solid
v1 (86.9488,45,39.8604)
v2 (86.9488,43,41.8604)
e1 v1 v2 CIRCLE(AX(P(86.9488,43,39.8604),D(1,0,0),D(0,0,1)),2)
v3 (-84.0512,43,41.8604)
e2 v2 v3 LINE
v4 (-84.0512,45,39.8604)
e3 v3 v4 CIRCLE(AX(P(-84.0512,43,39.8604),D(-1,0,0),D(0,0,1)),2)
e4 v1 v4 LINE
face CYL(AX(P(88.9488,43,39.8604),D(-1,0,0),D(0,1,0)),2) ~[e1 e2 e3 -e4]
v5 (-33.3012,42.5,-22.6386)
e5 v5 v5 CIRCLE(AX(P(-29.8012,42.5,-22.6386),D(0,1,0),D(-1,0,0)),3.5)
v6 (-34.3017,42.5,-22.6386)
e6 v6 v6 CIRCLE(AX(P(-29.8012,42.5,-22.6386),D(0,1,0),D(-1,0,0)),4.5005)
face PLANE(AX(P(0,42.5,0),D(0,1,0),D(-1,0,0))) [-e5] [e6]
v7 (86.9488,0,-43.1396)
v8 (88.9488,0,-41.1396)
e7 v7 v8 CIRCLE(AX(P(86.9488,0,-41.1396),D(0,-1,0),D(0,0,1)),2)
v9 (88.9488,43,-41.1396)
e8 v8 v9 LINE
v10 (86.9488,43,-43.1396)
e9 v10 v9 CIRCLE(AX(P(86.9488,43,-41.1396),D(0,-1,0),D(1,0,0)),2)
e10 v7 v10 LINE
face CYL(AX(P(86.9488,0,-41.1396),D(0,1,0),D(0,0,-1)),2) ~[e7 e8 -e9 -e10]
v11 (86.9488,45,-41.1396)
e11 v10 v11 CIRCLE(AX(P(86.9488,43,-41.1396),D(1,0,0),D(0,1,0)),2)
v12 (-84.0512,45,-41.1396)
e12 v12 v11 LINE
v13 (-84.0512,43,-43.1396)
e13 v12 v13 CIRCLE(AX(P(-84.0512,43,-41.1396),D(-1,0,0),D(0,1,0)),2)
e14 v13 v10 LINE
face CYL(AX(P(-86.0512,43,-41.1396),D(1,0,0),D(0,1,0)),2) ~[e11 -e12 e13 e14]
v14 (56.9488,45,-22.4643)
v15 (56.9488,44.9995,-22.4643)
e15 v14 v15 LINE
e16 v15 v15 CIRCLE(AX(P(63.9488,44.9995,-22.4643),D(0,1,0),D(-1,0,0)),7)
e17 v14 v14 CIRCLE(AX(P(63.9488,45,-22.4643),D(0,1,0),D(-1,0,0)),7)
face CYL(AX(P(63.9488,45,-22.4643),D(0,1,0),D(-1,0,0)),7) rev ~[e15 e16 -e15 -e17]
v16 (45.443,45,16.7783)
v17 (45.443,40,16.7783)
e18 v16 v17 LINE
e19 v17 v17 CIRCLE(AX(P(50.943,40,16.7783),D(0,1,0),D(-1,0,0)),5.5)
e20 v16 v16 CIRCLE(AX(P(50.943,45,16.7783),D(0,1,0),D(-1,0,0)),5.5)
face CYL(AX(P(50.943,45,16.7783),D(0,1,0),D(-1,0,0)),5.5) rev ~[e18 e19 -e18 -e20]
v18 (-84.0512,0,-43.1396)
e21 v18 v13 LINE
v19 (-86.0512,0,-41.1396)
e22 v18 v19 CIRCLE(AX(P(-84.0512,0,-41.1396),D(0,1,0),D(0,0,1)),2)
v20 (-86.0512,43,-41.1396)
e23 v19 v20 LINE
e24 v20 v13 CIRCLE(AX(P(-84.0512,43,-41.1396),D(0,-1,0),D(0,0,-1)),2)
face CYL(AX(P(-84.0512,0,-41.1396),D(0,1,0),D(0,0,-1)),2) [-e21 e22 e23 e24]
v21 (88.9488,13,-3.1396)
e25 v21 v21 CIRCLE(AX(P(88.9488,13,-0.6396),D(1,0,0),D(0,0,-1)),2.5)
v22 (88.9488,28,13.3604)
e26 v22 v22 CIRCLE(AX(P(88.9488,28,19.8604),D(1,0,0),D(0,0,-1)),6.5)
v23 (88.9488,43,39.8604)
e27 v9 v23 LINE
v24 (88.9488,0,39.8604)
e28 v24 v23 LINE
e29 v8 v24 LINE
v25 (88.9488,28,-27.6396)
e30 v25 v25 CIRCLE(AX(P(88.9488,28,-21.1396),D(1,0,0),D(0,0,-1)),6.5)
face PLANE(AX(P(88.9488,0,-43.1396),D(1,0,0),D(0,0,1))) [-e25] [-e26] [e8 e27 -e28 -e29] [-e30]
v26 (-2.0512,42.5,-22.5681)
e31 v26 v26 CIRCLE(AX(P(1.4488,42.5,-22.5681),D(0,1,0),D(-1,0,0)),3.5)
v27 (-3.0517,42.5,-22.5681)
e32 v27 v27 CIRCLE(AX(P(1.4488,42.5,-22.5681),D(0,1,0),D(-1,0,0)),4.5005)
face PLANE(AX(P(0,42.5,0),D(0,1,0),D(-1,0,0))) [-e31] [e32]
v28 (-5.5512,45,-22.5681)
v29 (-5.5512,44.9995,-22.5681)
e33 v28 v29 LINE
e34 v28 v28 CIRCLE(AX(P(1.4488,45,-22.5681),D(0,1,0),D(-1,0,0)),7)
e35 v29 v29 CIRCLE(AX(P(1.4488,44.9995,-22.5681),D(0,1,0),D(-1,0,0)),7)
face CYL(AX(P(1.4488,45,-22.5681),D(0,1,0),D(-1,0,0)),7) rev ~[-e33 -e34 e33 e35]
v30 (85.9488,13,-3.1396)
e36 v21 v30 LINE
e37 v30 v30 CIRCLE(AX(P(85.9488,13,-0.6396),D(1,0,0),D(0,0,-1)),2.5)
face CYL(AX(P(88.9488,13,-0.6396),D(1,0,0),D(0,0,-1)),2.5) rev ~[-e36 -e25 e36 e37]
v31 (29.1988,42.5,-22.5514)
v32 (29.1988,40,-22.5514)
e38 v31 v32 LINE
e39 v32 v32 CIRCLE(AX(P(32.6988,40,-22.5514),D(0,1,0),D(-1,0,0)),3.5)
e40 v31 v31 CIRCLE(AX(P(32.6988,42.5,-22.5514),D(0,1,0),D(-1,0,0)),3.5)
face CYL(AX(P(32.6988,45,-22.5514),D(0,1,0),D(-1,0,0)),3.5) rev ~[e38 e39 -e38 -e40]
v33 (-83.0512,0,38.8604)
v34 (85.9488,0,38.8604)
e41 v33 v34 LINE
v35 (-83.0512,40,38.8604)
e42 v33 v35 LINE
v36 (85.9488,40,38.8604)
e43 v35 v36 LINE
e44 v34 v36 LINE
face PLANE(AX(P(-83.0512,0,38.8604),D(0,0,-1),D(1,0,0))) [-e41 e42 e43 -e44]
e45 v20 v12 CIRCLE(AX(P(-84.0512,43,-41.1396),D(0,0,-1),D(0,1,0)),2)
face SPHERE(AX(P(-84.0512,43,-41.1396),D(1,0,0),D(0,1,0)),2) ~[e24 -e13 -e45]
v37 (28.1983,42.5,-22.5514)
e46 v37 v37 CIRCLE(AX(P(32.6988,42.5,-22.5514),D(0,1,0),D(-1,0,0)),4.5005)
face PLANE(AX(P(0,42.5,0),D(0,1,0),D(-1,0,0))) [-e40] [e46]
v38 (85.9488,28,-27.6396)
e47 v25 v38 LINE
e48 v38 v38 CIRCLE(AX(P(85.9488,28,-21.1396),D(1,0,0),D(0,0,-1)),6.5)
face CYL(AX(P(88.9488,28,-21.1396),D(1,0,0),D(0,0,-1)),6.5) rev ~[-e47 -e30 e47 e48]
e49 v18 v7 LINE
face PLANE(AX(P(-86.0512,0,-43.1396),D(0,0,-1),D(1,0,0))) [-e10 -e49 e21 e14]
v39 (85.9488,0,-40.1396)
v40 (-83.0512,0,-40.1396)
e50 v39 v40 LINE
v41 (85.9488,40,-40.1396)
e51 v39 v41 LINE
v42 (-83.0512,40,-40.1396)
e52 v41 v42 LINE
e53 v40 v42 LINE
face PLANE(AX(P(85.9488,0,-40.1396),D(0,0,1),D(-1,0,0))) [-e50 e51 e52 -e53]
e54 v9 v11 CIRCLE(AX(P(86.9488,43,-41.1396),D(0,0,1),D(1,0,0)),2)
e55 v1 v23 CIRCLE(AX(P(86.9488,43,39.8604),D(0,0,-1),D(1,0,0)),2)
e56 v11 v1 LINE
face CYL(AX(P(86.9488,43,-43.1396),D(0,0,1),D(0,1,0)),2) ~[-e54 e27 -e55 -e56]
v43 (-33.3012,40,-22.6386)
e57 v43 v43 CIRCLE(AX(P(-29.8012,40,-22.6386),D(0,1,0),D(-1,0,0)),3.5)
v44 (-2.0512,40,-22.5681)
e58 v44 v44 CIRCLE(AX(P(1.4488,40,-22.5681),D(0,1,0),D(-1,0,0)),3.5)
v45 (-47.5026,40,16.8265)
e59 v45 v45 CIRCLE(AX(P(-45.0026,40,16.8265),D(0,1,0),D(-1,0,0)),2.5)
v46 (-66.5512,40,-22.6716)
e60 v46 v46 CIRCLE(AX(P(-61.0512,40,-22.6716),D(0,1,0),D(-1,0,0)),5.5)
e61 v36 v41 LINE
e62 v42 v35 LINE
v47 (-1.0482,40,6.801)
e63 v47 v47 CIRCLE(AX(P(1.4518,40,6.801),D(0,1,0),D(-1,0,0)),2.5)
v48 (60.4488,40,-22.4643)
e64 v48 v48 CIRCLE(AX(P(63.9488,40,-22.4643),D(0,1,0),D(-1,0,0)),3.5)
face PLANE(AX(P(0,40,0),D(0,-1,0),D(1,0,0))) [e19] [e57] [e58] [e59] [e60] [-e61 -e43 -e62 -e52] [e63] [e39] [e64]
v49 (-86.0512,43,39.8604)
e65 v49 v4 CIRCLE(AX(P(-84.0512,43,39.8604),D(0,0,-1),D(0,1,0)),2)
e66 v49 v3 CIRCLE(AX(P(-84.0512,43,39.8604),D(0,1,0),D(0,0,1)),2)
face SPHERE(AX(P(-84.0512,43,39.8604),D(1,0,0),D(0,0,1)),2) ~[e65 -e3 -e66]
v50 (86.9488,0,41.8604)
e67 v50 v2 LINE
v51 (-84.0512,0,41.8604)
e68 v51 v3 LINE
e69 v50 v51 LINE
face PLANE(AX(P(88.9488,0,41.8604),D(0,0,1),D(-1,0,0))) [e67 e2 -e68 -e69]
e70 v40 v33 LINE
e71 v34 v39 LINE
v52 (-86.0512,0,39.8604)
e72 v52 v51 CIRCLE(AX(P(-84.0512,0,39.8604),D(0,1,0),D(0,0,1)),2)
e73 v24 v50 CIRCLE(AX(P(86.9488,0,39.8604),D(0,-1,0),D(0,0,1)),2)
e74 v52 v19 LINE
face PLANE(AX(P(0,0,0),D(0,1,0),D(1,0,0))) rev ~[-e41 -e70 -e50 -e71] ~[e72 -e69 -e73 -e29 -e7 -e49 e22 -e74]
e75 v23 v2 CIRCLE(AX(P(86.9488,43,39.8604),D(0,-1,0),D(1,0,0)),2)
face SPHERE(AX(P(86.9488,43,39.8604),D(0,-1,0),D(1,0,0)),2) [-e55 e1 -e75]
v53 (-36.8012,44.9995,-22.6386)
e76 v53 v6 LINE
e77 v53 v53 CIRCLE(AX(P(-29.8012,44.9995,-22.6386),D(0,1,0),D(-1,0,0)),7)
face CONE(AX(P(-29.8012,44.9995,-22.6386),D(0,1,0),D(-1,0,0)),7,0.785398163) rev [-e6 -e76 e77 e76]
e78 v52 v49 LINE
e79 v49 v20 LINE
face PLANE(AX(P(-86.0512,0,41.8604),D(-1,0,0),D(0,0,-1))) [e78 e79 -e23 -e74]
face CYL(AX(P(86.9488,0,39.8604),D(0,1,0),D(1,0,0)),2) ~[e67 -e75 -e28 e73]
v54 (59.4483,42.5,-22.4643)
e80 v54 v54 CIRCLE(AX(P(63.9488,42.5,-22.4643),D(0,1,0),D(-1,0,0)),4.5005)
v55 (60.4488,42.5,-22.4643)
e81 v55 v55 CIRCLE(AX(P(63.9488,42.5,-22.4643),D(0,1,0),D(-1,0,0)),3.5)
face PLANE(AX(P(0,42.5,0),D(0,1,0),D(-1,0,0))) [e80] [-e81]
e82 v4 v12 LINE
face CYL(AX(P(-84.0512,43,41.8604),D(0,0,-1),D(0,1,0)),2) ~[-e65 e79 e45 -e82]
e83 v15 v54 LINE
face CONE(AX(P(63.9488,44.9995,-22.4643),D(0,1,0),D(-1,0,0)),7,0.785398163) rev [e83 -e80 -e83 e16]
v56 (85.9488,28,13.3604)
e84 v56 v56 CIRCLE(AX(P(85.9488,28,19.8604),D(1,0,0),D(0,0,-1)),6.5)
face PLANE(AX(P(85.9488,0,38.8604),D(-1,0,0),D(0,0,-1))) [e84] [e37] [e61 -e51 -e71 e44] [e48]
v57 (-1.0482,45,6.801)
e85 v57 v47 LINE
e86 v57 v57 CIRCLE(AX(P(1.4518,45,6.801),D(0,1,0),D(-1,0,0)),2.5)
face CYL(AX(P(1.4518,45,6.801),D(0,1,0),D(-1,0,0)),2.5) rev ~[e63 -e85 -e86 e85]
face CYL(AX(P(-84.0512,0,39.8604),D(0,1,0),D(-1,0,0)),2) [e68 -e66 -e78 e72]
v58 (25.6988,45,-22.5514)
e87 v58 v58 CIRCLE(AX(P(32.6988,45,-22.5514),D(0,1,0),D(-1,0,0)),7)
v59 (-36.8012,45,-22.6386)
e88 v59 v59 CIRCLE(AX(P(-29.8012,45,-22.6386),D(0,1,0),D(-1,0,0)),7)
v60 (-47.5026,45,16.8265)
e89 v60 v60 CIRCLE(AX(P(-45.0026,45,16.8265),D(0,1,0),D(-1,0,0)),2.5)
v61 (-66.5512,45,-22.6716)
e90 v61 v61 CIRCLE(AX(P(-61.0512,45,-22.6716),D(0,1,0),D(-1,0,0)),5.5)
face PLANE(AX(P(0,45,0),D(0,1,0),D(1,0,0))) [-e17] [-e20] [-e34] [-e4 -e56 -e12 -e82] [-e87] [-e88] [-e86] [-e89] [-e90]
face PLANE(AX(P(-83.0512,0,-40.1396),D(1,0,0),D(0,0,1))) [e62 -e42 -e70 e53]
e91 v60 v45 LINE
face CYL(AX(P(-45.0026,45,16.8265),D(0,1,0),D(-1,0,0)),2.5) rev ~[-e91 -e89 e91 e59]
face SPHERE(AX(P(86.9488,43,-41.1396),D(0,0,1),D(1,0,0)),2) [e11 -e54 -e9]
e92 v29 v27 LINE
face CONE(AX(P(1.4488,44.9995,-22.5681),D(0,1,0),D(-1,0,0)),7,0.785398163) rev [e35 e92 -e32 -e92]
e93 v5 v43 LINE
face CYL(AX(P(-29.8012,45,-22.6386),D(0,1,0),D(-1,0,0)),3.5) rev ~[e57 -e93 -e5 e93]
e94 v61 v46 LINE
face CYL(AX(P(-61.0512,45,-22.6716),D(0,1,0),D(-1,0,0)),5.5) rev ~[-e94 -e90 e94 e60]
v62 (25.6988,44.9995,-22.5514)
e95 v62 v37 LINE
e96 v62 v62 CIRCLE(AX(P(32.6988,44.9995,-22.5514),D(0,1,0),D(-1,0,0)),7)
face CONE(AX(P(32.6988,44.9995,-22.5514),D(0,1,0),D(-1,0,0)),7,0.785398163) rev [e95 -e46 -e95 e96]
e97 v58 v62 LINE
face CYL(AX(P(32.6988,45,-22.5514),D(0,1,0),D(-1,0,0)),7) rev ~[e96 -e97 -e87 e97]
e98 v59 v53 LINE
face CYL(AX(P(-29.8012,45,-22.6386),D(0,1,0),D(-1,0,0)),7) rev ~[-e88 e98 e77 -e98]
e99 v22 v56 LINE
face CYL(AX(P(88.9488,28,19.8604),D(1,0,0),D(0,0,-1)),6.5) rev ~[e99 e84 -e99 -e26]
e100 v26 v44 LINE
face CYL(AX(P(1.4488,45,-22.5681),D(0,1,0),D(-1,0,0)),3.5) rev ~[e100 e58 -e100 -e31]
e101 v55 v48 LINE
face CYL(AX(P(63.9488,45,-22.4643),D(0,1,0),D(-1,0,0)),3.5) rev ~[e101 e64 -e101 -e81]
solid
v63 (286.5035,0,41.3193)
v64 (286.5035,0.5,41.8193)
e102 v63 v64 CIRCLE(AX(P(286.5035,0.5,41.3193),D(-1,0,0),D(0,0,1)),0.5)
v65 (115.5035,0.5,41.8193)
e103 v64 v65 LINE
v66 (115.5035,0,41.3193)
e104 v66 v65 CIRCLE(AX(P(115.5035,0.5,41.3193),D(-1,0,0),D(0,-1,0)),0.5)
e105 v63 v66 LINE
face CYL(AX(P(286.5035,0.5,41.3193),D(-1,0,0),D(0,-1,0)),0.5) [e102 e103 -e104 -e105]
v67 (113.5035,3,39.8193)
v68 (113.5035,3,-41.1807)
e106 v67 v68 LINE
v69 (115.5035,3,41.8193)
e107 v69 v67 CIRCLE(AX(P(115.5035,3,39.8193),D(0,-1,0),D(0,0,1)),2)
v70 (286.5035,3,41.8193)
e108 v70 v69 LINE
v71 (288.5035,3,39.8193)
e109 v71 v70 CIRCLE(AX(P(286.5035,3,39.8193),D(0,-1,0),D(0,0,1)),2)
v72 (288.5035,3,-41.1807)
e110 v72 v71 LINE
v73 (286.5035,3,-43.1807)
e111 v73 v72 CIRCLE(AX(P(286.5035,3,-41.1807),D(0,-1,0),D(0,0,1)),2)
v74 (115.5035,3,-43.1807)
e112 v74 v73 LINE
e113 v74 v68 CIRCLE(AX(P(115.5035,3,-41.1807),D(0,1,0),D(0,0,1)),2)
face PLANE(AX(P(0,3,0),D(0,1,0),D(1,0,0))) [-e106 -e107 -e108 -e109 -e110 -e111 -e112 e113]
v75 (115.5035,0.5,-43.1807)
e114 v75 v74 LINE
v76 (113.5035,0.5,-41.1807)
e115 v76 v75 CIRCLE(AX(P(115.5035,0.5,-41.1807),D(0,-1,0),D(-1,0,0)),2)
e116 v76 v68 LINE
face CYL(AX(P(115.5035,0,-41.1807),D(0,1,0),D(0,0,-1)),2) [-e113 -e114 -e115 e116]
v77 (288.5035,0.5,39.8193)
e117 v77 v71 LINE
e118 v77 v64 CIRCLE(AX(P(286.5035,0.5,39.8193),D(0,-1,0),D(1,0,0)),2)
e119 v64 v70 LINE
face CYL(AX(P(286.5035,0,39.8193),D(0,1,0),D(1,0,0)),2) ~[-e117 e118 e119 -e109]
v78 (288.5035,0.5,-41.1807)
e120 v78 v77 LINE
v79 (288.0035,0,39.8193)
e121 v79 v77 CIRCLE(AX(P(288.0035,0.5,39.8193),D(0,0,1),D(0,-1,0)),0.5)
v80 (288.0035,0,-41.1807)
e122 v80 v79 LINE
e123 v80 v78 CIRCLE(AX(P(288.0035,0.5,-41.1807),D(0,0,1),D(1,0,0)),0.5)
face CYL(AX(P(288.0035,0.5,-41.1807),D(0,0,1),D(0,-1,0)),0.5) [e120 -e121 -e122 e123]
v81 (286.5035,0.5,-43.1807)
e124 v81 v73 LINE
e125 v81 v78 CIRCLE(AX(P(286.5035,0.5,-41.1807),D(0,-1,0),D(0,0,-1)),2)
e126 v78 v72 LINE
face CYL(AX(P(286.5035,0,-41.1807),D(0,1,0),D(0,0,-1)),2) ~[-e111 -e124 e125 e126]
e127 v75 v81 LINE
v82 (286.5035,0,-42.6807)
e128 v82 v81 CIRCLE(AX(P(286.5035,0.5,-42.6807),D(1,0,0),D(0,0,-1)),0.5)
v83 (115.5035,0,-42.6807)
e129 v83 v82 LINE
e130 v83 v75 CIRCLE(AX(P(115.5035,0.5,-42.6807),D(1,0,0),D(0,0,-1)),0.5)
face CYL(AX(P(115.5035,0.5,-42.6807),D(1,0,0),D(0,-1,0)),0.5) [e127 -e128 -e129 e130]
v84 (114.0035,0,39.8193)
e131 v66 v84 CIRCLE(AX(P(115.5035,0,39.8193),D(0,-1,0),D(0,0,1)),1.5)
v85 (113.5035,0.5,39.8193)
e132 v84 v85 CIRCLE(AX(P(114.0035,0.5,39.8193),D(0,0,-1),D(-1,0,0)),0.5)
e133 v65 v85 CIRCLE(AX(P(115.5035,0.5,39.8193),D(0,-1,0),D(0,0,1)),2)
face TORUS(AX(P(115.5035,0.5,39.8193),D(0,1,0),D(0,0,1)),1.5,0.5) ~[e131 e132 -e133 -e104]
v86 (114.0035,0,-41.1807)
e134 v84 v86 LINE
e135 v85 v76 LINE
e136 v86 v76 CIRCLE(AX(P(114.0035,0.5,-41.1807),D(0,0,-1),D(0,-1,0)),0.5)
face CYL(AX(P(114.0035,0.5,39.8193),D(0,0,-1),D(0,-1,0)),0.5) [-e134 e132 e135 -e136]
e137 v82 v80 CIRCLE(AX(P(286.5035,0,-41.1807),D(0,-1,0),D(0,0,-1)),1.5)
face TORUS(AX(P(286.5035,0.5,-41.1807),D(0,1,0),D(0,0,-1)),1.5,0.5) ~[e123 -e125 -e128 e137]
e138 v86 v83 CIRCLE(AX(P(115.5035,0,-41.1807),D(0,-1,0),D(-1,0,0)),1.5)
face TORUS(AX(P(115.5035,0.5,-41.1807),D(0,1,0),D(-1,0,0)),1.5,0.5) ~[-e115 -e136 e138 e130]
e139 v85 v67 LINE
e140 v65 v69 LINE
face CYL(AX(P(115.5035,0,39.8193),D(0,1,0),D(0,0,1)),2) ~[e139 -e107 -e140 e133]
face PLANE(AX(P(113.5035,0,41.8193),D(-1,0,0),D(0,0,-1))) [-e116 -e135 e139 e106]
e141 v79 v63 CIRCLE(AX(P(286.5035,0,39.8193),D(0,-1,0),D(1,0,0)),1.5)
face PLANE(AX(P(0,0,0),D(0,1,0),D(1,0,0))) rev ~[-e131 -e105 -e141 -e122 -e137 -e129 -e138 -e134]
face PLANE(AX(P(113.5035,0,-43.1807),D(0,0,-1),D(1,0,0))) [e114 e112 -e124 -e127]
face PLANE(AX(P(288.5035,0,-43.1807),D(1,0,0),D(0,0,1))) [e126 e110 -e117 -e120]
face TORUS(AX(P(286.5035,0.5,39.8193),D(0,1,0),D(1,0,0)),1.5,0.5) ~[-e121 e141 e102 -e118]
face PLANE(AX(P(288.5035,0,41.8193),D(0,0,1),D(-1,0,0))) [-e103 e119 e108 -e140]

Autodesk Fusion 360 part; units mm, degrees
sketch "Sketch3" plane through (0, 0, 0) normal (0, 1, 0) x (1, 0, 0)
  line L0 (-86.0512, 43.1396) -> (88.9488, 43.1396)
  line L1 (88.9488, 43.1396) -> (88.9488, -41.8604)
  line L2 (88.9488, -41.8604) -> (-86.0512, -41.8604)
  line L3 (-86.0512, -41.8604) -> (-86.0512, 43.1396)
  dimension "d7" = 175
  dimension "d8" = 85
extrude "Extrude2" add sketch "Sketch3" along normal blind 45 makes body 1
sketch "Sketch4" plane through (0, 0, 0) normal (0, -1, 0) x (1, 0, 0)
  line L0 (88.9488, 41.8604) -> (-86.0512, 41.8604)
  line L1 (-86.0512, 41.8604) -> (-86.0512, -43.1396)
  line L2 (-86.0512, -43.1396) -> (88.9488, -43.1396)
  line L3 (88.9488, -43.1396) -> (88.9488, 41.8604)
  line L4 (-83.0512, 38.8604) -> (85.9488, 38.8604)
  line L5 (85.9488, 38.8604) -> (85.9488, -40.1396)
  line L6 (85.9488, -40.1396) -> (-83.0512, -40.1396)
  line L7 (-83.0512, -40.1396) -> (-83.0512, 38.8604)
  dimension "d11" = 169
  dimension "d12" = 79
  dimension "d13" = 3
  dimension "d14" = 3
extrude "Extrude3" cut sketch "Sketch4" against normal blind 40 contours L4 L5 L6 L7 bodies 1
sketch "Sketch5" plane through (0, 45, 0) normal (0, 1, 0) x (-1, 0, 0)
  line L0 (86.0512, 41.8604) -> (-88.9488, 41.8604)
  line L1 (-88.9488, 41.8604) -> (-88.9488, -43.1396)
  line L2 (-88.9488, -43.1396) -> (86.0512, -43.1396)
  line L3 (86.0512, -43.1396) -> (86.0512, 41.8604)
  circle A0 centre (61.0512, -22.6716) radius 5.5
  circle A1 centre (29.8012, -22.6386) radius 3.5
  circle A2 centre (-1.4488, -22.5681) radius 3.5
  circle A3 centre (-32.6988, -22.5514) radius 3.5
  circle A4 centre (-63.9488, -22.4643) radius 3.5
  circle A5 centre (29.8012, -22.6386) radius 7
  circle A6 centre (-1.4488, -22.5681) radius 7
  circle A7 centre (-32.6988, -22.5514) radius 7
  circle A8 centre (-63.9488, -22.4643) radius 7
  dimension "d17" = 11
  dimension "d19" = 7
  dimension "d20" = 7
  dimension "d21" = 7
  dimension "d22" = 7
  dimension "d23" = 25
  dimension "d24" = 25
  dimension "d25" = 31.25
  dimension "d26" = 31.25
  dimension "d27" = 31.25
  dimension "d30" = 14
  dimension "d31" = 14
  dimension "d32" = 14
  dimension "d33" = 14
extrude "Extrude4" cut sketch "Sketch5" against normal blind 5 contours A0 | A1 | A2 | A3 | A4 bodies 1
extrude "Extrude5" cut sketch "Sketch5" against normal blind 2.5 contours A5 | A6 | A7 | A8 bodies 1
chamfer "Chamfer1" distance 2.5 angle 45 1 edges at (-23.2749, 42.5, -20.1072) on bodies 1
chamfer "Chamfer2" distance 2.5 angle 45 1 edges at (7.9751, 42.5, -20.0368) on bodies 1
chamfer "Chamfer3" distance 2.5 angle 45 1 edges at (39.2251, 42.5, -20.0201) on bodies 1
chamfer "Chamfer4" distance 2.5 angle 45 1 edges at (70.4751, 42.5, -19.933) on bodies 1
sketch "Sketch6" plane through (0, 45, 0) normal (0, 1, 0) x (-1, 0, 0)
  circle A0 centre (-1.4488, -22.5681) radius 7
  circle A1 centre (-32.6988, -22.5514) radius 7
  circle A2 centre (29.8012, -22.6386) radius 7
  circle A3 centre (-63.9488, -22.4643) radius 7
  circle A4 centre (61.0512, -22.6716) radius 5.5
  line L0 (86.0512, 41.8604) -> (-88.9488, 41.8604)
  line L1 (-88.9488, 41.8604) -> (-88.9488, -43.1396)
  line L2 (-88.9488, -43.1396) -> (86.0512, -43.1396)
  line L3 (86.0512, -43.1396) -> (86.0512, 41.8604)
  circle A5 centre (-1.4518, 6.801) radius 2.5
  dimension "d41" = 5
extrude "Extrude6" cut sketch "Sketch6" against normal blind 5 contours A5 bodies 1
sketch "Sketch7" plane through (0, 45, 0) normal (0, 1, 0) x (-1, 0, 0)
  circle A0 centre (-1.4518, 6.801) radius 2.5
  circle A1 centre (-1.4488, -22.5681) radius 7
  circle A2 centre (-32.6988, -22.5514) radius 7
  circle A3 centre (29.8012, -22.6386) radius 7
  circle A4 centre (-63.9488, -22.4643) radius 7
  circle A5 centre (61.0512, -22.6716) radius 5.5
  line L0 (86.0512, 41.8604) -> (-88.9488, 41.8604)
  line L1 (-88.9488, 41.8604) -> (-88.9488, -43.1396)
  line L2 (-88.9488, -43.1396) -> (86.0512, -43.1396)
  line L3 (86.0512, -43.1396) -> (86.0512, 41.8604)
  circle A6 centre (45.0026, 16.8265) radius 2.5
  dimension "d44" = 5
extrude "Extrude7" cut sketch "Sketch7" against normal blind 5 contours A6 bodies 1
sketch "Sketch8" plane through (0, 45, 0) normal (0, 1, 0) x (-1, 0, 0)
  circle A0 centre (45.0026, 16.8265) radius 2.5
  circle A1 centre (-1.4518, 6.801) radius 2.5
  circle A2 centre (-1.4488, -22.5681) radius 7
  circle A3 centre (-32.6988, -22.5514) radius 7
  circle A4 centre (29.8012, -22.6386) radius 7
  circle A5 centre (-63.9488, -22.4643) radius 7
  circle A6 centre (61.0512, -22.6716) radius 5.5
  line L0 (86.0512, 41.8604) -> (-88.9488, 41.8604)
  line L1 (-88.9488, 41.8604) -> (-88.9488, -43.1396)
  line L2 (-88.9488, -43.1396) -> (86.0512, -43.1396)
  line L3 (86.0512, -43.1396) -> (86.0512, 41.8604)
  circle A7 centre (-50.943, 16.7783) radius 5.5
  dimension "d47" = 11
extrude "Extrude8" cut sketch "Sketch8" against normal blind 5 contours A7 bodies 1
sketch "Sketch9" plane through (88.9488, 0, 0) normal (1, 0, 0) x (0, 0, -1)
  line L0 (-41.8604, 0) -> (43.1396, 0)
  line L1 (43.1396, 0) -> (43.1396, 45)
  line L2 (43.1396, 45) -> (-41.8604, 45)
  line L3 (-41.8604, 45) -> (-41.8604, 0)
  circle A0 centre (0.6396, 13) radius 2.5
  dimension "d50" = 5
  dimension "d51" = 42.5
  dimension "d52" = 13
extrude "Extrude9" cut sketch "Sketch9" against normal blind 3 contours A0 bodies 1
sketch "Sketch10" plane through (88.9488, 0, 0) normal (1, 0, 0) x (0, 0, -1)
  circle A0 centre (0.6396, 13) radius 2.5
  line L0 (-41.8604, 0) -> (43.1396, 0)
  line L1 (43.1396, 0) -> (43.1396, 45)
  line L2 (43.1396, 45) -> (-41.8604, 45)
  line L3 (-41.8604, 45) -> (-41.8604, 0)
  circle A1 centre (-19.8604, 28) radius 6.5
  circle A2 centre (21.1396, 28) radius 6.5
  dimension "d55" = 13
  dimension "d56" = 28
  dimension "d57" = 22
  dimension "d58" = 13
  dimension "d59" = 22
  dimension "d60" = 28
extrude "Extrude10" cut sketch "Sketch10" against normal blind 3 contours A1 | A2 bodies 1
fillet "Fillet1" radius 2 8 edges at (88.9488, 22.5, 41.8604) (88.9488, 45, -0.6396) (1.4488, 45, 41.8604) (88.9488, 22.5, -43.1396) (1.4488, 45, -43.1396) (-86.0512, 22.5, 41.8604) (-86.0512, 45, -0.6396) (-86.0512, 22.5, -43.1396) on bodies 1
sketch "Sketch11" plane through (0, 0, 0) normal (0, 1, 0) x (1, 0, 0)
  line L0 (113.5035, 43.1807) -> (288.5035, 43.1807)
  line L1 (288.5035, 43.1807) -> (288.5035, -41.8193)
  line L2 (288.5035, -41.8193) -> (113.5035, -41.8193)
  line L3 (113.5035, -41.8193) -> (113.5035, 43.1807)
  dimension "d65" = 175
  dimension "d66" = 85
extrude "Extrude11" add sketch "Sketch11" along normal blind 3 separate body makes body 2
fillet "Fillet2" radius 2 4 edges at (288.5035, 1.5, 41.8193) (288.5035, 1.5, -43.1807) (113.5035, 1.5, 41.8193) (113.5035, 1.5, -43.1807) on bodies 2
fillet "Fillet3" radius 0.5 8 edges at (287.9177, 0, -42.5949) (288.5035, 0, -0.6807) (287.9177, 0, 41.2336) (201.0035, 0, 41.8193) (114.0892, 0, 41.2336) (113.5035, 0, -0.6807) (114.0892, 0, -42.5949) (201.0035, 0, -43.1807) on bodies 2
